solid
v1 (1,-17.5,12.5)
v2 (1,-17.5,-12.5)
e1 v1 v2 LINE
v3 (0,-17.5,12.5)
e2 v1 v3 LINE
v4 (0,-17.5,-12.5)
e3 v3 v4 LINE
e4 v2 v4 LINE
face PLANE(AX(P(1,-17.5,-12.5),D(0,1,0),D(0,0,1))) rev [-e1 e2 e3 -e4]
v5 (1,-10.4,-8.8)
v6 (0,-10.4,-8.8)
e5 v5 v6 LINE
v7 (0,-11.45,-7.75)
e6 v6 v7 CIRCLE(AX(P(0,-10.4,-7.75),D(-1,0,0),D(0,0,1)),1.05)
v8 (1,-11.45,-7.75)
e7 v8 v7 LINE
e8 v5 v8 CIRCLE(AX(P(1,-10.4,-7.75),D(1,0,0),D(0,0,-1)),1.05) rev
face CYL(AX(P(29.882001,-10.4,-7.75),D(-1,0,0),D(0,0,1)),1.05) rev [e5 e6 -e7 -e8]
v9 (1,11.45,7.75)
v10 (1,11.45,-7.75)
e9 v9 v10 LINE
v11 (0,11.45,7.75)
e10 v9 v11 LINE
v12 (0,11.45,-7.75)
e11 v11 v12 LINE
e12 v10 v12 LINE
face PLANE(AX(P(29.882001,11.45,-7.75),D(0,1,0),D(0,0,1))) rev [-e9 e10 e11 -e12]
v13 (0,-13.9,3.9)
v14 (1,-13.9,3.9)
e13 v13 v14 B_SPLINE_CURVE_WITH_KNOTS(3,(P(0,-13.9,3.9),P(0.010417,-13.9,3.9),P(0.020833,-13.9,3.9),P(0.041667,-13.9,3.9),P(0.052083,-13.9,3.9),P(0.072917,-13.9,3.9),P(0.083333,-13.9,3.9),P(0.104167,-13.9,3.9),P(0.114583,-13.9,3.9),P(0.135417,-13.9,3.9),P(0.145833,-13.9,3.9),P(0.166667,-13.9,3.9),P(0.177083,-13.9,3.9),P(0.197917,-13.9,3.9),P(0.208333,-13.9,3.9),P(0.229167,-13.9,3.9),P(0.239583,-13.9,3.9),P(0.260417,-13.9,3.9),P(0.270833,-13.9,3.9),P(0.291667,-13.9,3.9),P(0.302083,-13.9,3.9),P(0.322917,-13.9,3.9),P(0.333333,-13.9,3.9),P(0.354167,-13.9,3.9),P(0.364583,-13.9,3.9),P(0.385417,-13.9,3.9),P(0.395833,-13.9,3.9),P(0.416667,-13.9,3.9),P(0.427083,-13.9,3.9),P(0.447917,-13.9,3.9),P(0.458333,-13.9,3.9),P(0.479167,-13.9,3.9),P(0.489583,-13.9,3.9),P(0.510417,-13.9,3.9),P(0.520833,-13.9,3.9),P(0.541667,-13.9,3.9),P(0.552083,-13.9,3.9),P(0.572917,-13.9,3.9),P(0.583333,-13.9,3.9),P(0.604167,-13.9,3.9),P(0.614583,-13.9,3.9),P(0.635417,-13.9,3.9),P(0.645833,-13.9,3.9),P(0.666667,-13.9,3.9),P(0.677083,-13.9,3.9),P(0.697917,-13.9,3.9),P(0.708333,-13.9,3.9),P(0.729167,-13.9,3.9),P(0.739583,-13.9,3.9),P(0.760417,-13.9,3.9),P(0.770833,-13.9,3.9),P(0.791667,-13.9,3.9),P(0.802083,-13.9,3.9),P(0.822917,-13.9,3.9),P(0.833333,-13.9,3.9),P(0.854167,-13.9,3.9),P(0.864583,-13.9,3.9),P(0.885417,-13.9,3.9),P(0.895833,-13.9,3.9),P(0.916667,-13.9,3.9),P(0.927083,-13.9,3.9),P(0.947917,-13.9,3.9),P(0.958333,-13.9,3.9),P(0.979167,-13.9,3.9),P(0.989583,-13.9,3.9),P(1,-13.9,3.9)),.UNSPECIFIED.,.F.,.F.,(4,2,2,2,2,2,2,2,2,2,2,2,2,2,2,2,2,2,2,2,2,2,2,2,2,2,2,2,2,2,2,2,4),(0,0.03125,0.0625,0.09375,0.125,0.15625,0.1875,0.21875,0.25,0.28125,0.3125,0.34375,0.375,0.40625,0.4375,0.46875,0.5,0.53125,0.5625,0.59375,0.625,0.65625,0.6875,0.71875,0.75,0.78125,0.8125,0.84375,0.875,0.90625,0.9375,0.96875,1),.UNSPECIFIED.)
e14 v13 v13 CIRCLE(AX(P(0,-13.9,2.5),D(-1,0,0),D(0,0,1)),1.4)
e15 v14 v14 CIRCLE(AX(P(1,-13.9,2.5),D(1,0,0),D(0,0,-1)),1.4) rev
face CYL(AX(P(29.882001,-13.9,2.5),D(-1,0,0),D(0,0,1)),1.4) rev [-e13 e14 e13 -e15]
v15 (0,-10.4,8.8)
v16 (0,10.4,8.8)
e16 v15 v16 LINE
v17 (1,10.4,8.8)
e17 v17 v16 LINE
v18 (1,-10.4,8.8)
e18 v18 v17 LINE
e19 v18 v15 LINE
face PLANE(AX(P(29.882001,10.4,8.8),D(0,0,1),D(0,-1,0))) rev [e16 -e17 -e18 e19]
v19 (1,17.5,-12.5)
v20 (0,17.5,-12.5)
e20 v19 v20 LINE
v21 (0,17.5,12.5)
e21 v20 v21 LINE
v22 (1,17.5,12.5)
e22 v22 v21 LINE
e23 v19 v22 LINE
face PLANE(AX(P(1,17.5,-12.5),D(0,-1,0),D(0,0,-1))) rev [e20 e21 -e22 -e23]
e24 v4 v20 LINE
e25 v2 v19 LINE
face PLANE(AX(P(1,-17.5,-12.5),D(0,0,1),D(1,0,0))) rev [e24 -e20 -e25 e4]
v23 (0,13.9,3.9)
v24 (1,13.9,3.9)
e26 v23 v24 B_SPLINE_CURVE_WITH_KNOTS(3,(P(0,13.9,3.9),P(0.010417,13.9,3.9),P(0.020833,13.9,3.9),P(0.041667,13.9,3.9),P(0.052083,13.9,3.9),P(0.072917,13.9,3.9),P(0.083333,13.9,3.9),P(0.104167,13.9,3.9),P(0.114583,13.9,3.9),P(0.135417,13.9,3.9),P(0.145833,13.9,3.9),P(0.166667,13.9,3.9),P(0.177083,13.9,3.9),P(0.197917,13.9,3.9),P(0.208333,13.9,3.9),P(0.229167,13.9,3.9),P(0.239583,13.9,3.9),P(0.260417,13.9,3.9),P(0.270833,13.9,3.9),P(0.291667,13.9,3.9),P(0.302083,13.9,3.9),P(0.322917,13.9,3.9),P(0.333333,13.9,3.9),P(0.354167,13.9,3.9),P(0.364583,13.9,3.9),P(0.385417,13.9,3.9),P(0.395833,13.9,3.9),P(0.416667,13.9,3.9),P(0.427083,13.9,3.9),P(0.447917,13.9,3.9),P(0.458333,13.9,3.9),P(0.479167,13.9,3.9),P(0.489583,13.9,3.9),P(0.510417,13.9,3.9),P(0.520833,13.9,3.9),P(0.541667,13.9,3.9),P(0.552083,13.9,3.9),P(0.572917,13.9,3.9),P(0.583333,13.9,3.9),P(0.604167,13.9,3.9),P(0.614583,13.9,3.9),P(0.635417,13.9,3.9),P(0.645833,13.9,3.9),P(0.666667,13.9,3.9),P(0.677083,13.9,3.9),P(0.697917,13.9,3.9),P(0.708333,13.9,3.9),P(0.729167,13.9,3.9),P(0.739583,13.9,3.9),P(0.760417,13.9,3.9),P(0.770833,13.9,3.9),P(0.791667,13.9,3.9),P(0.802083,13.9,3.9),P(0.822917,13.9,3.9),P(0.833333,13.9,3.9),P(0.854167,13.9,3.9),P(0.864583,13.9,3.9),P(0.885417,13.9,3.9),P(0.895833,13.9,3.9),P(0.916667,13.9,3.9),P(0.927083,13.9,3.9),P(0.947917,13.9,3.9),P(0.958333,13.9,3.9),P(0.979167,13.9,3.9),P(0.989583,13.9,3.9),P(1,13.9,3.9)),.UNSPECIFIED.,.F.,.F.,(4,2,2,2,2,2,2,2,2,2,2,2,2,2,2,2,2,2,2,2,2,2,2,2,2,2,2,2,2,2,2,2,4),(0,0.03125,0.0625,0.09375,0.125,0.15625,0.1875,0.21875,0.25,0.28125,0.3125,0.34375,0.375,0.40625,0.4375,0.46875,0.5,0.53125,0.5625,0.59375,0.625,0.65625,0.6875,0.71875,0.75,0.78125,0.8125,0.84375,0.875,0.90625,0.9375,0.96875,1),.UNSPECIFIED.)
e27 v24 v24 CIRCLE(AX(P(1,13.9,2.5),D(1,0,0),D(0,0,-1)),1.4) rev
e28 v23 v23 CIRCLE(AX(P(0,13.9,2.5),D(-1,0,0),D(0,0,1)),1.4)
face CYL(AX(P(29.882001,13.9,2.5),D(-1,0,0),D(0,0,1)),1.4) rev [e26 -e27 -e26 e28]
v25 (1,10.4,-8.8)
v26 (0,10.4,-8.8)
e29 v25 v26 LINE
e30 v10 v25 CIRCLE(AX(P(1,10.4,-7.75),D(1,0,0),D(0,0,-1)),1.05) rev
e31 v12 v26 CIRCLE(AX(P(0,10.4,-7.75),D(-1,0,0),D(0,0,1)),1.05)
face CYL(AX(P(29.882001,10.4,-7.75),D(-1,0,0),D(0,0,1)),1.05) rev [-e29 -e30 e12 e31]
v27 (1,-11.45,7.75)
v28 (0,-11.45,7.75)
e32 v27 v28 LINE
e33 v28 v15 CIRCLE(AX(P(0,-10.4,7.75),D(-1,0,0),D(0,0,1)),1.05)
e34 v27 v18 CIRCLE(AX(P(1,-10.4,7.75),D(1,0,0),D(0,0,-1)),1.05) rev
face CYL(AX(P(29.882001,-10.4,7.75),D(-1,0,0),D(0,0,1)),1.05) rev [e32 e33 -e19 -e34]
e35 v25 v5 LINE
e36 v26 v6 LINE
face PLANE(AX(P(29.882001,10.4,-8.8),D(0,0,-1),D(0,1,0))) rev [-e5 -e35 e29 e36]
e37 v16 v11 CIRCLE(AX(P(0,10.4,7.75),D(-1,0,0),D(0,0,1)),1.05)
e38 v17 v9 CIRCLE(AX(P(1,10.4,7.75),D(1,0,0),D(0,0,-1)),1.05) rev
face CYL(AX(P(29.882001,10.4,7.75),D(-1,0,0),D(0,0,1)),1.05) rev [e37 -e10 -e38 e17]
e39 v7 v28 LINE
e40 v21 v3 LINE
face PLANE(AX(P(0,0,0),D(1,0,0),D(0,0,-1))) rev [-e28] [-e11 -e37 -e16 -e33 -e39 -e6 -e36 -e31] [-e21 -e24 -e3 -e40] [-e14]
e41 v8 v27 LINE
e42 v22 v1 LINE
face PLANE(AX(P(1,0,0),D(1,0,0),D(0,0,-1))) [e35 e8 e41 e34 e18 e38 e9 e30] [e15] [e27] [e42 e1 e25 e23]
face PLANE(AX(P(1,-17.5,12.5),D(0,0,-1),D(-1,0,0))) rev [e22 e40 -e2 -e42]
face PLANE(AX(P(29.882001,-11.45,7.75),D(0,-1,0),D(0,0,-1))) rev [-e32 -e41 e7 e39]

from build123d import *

# Parameters (mm, degrees)
SKETCH1_W           = 25
SKETCH1_H           = 35
BOSS_EXTRUDE1_DEPTH = 1
SKETCH2_R           = 1.4
CUT_EXTRUDE1_DEPTH  = 1


with BuildPart() as part:
    # Sketch1 → Boss-Extrude1 (new body)
    with BuildSketch(Plane(origin=(0, 0, 0), x_dir=(0, 0, -1), z_dir=(1, 0, 0))):
        Rectangle(SKETCH1_W, SKETCH1_H)
    extrude(amount=BOSS_EXTRUDE1_DEPTH)

    # Sketch2 → Cut-Extrude1 (cut)
    with BuildSketch(Plane.ZY):
        with Locations((2.5, 13.9)):
            Circle(SKETCH2_R)
        with Locations((2.5, -13.9)):
            Circle(SKETCH2_R)
        with BuildLine():
            Line((-8.8, 10.4), (-8.8, -10.4))
            ThreePointArc((-8.8, -10.4), (-8.49246212, -11.14246212), (-7.75, -11.45))
            Line((-7.75, -11.45), (7.75, -11.45))
            ThreePointArc((7.75, -11.45), (8.49246212, -11.14246212), (8.8, -10.4))
            Line((8.8, -10.4), (8.8, 10.4))
            ThreePointArc((8.8, 10.4), (8.49246212, 11.14246212), (7.75, 11.45))
            Line((7.75, 11.45), (-7.75, 11.45))
            ThreePointArc((-7.75, 11.45), (-8.49246212, 11.14246212), (-8.8, 10.4))
        make_face()
    extrude(amount=-CUT_EXTRUDE1_DEPTH, mode=Mode.SUBTRACT)


solid = part.part
